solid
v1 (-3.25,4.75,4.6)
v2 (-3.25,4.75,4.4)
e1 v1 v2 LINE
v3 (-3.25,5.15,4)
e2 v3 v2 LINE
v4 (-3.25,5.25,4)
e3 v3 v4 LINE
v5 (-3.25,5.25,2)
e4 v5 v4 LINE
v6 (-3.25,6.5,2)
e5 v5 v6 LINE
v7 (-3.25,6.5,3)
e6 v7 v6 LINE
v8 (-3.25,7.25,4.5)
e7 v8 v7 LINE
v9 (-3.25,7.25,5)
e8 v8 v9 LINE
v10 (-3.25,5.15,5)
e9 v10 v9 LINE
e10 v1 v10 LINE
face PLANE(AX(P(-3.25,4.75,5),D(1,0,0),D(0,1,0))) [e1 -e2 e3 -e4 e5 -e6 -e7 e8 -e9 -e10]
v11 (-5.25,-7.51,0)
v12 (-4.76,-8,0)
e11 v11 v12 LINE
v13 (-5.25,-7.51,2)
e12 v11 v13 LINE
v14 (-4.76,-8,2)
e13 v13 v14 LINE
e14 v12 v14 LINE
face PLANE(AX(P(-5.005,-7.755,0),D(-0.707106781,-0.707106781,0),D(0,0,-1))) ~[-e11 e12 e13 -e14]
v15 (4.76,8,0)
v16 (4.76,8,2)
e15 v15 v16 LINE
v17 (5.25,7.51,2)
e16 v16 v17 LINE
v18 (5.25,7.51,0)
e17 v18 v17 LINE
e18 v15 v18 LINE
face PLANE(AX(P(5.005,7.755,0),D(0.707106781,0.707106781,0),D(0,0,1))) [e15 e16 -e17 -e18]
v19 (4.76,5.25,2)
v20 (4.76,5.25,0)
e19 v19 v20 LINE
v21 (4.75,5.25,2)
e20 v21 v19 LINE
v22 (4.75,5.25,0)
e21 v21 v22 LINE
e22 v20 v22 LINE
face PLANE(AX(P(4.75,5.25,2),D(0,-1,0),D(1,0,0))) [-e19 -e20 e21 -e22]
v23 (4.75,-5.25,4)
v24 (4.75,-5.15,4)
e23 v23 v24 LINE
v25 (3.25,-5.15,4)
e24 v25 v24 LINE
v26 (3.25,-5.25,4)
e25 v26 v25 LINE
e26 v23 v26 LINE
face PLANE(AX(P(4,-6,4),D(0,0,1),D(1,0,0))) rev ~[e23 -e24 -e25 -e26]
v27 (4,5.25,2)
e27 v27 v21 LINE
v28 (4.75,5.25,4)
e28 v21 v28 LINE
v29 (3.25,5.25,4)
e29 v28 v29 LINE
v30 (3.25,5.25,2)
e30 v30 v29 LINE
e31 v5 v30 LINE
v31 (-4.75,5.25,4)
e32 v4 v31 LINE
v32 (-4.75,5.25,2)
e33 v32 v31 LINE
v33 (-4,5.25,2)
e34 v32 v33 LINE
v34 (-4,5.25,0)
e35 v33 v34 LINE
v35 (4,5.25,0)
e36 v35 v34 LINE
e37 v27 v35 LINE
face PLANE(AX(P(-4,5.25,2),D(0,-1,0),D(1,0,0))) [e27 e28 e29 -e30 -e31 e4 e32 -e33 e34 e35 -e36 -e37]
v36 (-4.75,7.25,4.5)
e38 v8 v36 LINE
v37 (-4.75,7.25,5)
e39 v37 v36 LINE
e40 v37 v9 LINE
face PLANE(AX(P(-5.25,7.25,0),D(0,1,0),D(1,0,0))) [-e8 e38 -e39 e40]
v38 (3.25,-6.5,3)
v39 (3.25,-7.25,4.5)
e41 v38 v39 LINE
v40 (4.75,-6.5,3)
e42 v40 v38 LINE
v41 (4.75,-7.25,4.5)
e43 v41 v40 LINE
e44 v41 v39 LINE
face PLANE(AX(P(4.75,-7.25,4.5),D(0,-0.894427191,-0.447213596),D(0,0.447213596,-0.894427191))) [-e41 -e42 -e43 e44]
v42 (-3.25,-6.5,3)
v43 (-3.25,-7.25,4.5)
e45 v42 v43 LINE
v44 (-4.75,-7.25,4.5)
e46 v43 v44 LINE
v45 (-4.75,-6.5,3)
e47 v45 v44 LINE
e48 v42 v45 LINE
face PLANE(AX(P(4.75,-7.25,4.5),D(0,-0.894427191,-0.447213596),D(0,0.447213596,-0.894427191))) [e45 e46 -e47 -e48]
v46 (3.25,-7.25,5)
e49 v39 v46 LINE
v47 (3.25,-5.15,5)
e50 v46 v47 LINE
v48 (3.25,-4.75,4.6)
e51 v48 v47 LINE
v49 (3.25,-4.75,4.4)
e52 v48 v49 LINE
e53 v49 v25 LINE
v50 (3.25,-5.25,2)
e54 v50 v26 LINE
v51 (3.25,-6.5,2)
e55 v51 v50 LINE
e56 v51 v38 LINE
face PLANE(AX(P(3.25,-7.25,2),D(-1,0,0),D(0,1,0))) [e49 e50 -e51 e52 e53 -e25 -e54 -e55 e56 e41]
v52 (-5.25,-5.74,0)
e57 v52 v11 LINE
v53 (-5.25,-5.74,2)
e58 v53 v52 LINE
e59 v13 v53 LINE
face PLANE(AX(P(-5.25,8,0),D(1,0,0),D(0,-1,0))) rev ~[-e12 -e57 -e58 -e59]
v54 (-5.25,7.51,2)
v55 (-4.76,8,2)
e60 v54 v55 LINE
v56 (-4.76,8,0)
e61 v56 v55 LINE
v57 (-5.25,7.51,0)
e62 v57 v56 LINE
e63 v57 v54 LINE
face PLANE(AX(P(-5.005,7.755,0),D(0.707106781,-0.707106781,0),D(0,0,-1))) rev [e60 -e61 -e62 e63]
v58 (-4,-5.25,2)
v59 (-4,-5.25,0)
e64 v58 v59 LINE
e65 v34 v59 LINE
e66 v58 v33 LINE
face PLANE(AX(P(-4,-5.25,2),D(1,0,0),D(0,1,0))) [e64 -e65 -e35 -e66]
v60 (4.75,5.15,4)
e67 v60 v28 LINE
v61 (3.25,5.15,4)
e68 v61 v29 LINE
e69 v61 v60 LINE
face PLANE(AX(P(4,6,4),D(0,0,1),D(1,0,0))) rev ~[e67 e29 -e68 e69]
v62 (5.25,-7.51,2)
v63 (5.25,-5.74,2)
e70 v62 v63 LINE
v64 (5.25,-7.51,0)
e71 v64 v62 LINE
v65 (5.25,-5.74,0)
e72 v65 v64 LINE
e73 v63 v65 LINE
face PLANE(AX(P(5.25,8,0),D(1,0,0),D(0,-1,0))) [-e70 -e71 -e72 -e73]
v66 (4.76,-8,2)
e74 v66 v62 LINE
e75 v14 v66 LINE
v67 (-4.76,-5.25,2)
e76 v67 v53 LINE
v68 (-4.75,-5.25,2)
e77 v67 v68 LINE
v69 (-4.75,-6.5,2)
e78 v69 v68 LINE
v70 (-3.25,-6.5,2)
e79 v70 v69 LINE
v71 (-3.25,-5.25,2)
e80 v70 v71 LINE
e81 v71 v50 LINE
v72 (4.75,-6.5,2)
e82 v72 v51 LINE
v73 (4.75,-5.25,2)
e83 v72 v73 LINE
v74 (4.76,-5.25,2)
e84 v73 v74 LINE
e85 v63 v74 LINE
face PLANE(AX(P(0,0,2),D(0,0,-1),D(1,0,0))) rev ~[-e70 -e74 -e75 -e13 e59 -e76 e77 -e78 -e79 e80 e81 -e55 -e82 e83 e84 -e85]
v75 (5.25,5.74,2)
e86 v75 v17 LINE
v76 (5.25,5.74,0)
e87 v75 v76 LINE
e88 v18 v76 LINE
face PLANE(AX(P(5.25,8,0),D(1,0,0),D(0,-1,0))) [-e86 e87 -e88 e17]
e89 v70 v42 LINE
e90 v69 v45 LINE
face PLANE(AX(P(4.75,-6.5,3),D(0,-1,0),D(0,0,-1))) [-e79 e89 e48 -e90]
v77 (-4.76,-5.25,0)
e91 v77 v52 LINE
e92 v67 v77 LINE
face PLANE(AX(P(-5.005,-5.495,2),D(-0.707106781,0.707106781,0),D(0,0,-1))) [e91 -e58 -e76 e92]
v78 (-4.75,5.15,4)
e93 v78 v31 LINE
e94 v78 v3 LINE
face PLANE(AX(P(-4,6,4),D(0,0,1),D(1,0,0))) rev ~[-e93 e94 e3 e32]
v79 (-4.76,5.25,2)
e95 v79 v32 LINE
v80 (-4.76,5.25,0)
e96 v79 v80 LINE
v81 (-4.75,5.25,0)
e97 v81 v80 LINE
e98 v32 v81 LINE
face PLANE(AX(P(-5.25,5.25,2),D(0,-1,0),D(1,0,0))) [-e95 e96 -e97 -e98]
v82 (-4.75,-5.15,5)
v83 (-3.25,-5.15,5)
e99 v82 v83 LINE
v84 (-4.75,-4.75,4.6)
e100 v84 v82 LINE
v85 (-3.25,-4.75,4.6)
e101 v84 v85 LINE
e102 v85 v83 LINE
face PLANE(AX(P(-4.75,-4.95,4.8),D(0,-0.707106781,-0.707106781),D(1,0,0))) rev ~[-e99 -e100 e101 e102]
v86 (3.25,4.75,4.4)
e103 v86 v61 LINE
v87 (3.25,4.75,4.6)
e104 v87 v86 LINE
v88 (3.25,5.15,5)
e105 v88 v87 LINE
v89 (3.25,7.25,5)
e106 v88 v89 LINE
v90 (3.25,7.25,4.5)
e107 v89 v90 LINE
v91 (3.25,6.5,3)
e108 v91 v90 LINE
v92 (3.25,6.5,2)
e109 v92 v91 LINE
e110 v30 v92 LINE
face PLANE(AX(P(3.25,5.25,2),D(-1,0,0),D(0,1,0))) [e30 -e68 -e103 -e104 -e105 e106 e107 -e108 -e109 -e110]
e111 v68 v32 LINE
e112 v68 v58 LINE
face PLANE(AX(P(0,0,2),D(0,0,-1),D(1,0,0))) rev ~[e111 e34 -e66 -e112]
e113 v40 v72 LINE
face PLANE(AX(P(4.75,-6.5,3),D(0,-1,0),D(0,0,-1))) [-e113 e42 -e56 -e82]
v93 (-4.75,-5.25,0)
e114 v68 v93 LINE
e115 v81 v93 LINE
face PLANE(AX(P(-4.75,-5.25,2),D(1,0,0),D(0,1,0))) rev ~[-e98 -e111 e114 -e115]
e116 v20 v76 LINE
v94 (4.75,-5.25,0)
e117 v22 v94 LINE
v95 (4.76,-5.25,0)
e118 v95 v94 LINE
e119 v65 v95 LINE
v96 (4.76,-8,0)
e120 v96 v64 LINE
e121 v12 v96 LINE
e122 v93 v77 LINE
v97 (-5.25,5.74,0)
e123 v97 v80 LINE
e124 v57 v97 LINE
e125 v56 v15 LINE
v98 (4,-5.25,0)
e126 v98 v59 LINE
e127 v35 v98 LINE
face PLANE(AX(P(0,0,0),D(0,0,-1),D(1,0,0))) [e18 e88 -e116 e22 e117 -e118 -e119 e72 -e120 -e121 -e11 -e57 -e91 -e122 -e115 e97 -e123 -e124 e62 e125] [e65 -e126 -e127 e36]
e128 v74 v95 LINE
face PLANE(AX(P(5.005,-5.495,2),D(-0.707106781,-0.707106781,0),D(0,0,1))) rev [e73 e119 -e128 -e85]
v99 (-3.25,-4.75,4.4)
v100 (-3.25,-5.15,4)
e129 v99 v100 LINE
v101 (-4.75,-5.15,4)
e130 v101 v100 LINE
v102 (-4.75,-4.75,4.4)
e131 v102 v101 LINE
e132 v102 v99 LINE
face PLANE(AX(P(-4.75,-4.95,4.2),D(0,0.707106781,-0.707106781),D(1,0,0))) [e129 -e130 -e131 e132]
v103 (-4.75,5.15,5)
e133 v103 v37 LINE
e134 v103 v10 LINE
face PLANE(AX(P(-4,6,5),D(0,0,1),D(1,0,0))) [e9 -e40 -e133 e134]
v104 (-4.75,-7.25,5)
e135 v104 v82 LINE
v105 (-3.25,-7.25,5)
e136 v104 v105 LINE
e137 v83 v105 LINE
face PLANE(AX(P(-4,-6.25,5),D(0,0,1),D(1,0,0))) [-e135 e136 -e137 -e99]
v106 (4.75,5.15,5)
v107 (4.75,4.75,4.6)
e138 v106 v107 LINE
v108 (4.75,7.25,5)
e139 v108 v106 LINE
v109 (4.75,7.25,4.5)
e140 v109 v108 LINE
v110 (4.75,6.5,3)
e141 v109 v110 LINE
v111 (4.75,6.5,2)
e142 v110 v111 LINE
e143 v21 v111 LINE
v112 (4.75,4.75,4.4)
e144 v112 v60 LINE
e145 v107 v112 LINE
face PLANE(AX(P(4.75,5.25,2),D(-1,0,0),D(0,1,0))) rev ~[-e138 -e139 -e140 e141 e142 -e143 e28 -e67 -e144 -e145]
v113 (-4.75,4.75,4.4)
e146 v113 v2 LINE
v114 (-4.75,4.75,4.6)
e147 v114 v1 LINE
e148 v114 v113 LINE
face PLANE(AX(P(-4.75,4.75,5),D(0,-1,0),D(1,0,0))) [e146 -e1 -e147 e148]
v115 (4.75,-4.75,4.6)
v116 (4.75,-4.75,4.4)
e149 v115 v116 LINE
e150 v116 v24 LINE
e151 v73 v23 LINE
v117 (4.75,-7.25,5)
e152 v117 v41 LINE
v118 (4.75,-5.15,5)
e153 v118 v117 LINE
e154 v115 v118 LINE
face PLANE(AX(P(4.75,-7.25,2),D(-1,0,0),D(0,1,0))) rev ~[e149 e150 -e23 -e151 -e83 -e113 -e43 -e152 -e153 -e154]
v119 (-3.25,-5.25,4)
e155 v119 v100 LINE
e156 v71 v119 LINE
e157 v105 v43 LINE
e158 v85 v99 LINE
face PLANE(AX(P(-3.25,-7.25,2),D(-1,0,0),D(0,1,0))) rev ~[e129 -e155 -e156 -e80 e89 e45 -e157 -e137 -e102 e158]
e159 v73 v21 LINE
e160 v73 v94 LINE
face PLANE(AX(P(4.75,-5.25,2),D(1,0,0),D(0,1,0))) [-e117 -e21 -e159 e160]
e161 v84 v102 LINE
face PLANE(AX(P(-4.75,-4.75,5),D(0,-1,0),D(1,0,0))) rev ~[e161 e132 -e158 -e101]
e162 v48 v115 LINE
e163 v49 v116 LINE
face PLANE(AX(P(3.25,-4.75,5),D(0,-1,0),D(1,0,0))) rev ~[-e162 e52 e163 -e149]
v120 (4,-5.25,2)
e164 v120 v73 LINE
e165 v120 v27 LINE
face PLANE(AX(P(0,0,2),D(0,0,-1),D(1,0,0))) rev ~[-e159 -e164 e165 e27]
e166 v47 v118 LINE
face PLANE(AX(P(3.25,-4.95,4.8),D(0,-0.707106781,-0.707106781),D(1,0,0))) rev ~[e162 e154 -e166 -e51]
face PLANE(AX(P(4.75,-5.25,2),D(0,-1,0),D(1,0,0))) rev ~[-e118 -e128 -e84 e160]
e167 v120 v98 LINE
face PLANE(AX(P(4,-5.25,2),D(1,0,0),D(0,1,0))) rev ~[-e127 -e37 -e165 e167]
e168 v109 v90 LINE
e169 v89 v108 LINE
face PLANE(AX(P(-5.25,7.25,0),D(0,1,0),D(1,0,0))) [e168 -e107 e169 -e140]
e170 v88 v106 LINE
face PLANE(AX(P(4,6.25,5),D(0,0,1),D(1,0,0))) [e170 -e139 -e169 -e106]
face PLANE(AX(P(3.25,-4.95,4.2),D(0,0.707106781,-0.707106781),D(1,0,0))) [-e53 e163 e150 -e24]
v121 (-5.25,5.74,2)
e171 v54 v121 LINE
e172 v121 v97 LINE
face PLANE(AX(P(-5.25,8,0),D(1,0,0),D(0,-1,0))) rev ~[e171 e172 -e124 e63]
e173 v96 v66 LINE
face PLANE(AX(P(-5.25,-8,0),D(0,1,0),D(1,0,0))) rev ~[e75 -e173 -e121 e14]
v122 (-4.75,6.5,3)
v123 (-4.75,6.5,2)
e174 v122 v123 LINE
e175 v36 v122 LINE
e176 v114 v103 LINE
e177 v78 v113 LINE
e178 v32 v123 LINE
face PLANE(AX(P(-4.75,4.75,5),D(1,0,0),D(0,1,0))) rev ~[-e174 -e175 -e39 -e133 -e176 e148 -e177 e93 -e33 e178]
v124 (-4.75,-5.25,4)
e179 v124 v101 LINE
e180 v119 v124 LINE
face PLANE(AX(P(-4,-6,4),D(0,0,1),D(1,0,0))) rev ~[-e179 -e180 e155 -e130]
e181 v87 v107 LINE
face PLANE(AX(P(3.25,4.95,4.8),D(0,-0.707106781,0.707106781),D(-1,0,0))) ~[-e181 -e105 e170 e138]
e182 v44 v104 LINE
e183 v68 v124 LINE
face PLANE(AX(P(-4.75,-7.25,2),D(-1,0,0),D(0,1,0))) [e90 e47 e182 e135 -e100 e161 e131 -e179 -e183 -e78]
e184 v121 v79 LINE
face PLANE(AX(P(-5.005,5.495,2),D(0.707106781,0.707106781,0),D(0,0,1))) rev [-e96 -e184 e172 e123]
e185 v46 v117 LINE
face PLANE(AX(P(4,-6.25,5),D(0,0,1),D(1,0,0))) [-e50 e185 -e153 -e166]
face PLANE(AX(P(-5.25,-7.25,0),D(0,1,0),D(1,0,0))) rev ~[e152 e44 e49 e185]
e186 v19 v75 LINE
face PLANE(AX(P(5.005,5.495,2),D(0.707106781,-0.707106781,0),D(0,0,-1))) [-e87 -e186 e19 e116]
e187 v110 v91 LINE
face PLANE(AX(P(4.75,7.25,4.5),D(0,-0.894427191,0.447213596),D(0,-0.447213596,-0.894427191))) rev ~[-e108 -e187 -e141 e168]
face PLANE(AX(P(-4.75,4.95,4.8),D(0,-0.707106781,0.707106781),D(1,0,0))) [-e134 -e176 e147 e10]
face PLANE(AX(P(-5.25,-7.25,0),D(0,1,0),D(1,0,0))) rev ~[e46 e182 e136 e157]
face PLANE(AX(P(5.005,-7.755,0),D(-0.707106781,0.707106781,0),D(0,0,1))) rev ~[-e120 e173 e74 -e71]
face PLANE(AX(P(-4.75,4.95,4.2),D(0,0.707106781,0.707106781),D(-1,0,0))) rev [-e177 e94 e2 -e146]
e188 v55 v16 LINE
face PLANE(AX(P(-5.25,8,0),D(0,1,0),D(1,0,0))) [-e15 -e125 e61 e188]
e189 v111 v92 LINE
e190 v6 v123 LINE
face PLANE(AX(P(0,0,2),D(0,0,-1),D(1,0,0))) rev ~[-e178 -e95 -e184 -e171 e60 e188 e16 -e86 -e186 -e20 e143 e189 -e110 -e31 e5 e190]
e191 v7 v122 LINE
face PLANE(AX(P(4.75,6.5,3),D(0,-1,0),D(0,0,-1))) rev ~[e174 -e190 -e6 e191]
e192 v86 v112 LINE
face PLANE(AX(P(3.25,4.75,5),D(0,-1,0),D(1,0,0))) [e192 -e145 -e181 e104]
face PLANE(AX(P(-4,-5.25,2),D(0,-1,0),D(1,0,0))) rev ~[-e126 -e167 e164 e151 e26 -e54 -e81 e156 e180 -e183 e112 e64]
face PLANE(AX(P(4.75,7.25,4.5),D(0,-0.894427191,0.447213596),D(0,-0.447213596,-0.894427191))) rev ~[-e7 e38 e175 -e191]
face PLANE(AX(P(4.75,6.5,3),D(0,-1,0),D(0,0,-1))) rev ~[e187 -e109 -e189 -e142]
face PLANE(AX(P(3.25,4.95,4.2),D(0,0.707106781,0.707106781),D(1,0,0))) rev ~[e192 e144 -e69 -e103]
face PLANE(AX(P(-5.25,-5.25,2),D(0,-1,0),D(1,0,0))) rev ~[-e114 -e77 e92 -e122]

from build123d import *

# Parameters (mm, degrees)
SKETCH_W        = 10.5
SKETCH_H        = 14.5
PAD_DEPTH       = 2
SKETCH001_W     = 1.5
SKETCH001_H     = 2
PAD001_DEPTH    = 3
SKETCH002_W     = 10.5
SKETCH002_H     = 16
PAD002_DEPTH    = 2
SKETCH003_W     = 8
SKETCH003_H     = 10.5
SKETCH003_W_2   = 0.5
POCKET_DEPTH    = 2.001
CHAMFER_SIZE    = 0.49
SKETCH004_W     = 1.5
SKETCH004_H     = 2.5
PAD003_DEPTH    = 1
CHAMFER001_SIZE = 0.4
POCKET001_DEPTH = 10.001


with BuildPart() as part:
    # Sketch → Pad (new body)
    with BuildSketch(Plane.XY):
        Rectangle(SKETCH_W, SKETCH_H)
    extrude(amount=PAD_DEPTH)

    # Sketch001 (on Face6 of Pad) → Pad001 (join)
    with BuildSketch(Plane.XY.offset(2)):
        with Locations((-4, -6.25)):
            Rectangle(SKETCH001_W, SKETCH001_H)
        with Locations((4, -6.25)):
            Rectangle(SKETCH001_W, SKETCH001_H)
        with Locations((-4, 6.25)):
            Rectangle(SKETCH001_W, SKETCH001_H)
        with Locations((4, 6.25)):
            Rectangle(SKETCH001_W, SKETCH001_H)
    extrude(amount=PAD001_DEPTH)

    # Sketch002 (on Face4 of Pad001) → Pad002 (join)
    with BuildSketch(Plane(origin=(0, 0, 0), x_dir=(1, 0, 0), z_dir=(0, 0, -1))):
        Rectangle(SKETCH002_W, SKETCH002_H)
    extrude(amount=-PAD002_DEPTH)

    # Sketch003 (on Face5 of Pad002) → Pocket (cut, through all)
    with BuildSketch(Plane.XY.offset(2)):
        Rectangle(SKETCH003_W, SKETCH003_H)
        with Locations((-5, 0)):
            Rectangle(SKETCH003_W_2, SKETCH003_H)
        with Locations((5, 0)):
            Rectangle(SKETCH003_W_2, SKETCH003_H)
    extrude(amount=-POCKET_DEPTH, mode=Mode.SUBTRACT)

    # Chamfer
    chamfer_edges = [part.edges().sort_by_distance(p)[0] for p in [
        (-5.25, 5.25, 1),
        (-5.25, 8, 1),
        (-5.25, -5.25, 1),
        (-5.25, -8, 1),
        (5.25, -8, 1),
        (5.25, -5.25, 1),
        (5.25, 5.25, 1),
        (5.25, 8, 1),
    ]]
    chamfer(chamfer_edges, length=CHAMFER_SIZE)

    # Sketch004 (on Face37 of Chamfer) → Pad003 (join)
    with BuildSketch(Plane.XY.offset(5)):
        with Locations((-4, 6)):
            Rectangle(SKETCH004_W, SKETCH004_H)
        with Locations((-4, -6)):
            Rectangle(SKETCH004_W, SKETCH004_H)
        with Locations((4, -6)):
            Rectangle(SKETCH004_W, SKETCH004_H)
        with Locations((4, 6)):
            Rectangle(SKETCH004_W, SKETCH004_H)
    extrude(amount=-PAD003_DEPTH)

    # Chamfer001
    chamfer001_edges = [part.edges().sort_by_distance(p)[0] for p in [
        (-4, 4.75, 5),
        (-4, 4.75, 4),
        (4, 4.75, 5),
        (4, 4.75, 4),
        (-4, -4.75, 5),
        (-4, -4.75, 4),
        (4, -4.75, 5),
        (4, -4.75, 4),
    ]]
    chamfer(chamfer001_edges, length=CHAMFER001_SIZE)

    # Sketch005 (on Face47 of Chamfer001) → Pocket001 (cut, through all)
    with BuildSketch(Plane.YZ.offset(4.75)):
        Polygon((-7.25, 4.5), (-6.5, 3), (-6.5, 2), (-7.25, 2), align=None)
        Polygon((7.25, 4.5), (6.5, 3), (6.5, 2), (7.25, 2), align=None)
    extrude(amount=-POCKET001_DEPTH, mode=Mode.SUBTRACT)


solid = part.part
